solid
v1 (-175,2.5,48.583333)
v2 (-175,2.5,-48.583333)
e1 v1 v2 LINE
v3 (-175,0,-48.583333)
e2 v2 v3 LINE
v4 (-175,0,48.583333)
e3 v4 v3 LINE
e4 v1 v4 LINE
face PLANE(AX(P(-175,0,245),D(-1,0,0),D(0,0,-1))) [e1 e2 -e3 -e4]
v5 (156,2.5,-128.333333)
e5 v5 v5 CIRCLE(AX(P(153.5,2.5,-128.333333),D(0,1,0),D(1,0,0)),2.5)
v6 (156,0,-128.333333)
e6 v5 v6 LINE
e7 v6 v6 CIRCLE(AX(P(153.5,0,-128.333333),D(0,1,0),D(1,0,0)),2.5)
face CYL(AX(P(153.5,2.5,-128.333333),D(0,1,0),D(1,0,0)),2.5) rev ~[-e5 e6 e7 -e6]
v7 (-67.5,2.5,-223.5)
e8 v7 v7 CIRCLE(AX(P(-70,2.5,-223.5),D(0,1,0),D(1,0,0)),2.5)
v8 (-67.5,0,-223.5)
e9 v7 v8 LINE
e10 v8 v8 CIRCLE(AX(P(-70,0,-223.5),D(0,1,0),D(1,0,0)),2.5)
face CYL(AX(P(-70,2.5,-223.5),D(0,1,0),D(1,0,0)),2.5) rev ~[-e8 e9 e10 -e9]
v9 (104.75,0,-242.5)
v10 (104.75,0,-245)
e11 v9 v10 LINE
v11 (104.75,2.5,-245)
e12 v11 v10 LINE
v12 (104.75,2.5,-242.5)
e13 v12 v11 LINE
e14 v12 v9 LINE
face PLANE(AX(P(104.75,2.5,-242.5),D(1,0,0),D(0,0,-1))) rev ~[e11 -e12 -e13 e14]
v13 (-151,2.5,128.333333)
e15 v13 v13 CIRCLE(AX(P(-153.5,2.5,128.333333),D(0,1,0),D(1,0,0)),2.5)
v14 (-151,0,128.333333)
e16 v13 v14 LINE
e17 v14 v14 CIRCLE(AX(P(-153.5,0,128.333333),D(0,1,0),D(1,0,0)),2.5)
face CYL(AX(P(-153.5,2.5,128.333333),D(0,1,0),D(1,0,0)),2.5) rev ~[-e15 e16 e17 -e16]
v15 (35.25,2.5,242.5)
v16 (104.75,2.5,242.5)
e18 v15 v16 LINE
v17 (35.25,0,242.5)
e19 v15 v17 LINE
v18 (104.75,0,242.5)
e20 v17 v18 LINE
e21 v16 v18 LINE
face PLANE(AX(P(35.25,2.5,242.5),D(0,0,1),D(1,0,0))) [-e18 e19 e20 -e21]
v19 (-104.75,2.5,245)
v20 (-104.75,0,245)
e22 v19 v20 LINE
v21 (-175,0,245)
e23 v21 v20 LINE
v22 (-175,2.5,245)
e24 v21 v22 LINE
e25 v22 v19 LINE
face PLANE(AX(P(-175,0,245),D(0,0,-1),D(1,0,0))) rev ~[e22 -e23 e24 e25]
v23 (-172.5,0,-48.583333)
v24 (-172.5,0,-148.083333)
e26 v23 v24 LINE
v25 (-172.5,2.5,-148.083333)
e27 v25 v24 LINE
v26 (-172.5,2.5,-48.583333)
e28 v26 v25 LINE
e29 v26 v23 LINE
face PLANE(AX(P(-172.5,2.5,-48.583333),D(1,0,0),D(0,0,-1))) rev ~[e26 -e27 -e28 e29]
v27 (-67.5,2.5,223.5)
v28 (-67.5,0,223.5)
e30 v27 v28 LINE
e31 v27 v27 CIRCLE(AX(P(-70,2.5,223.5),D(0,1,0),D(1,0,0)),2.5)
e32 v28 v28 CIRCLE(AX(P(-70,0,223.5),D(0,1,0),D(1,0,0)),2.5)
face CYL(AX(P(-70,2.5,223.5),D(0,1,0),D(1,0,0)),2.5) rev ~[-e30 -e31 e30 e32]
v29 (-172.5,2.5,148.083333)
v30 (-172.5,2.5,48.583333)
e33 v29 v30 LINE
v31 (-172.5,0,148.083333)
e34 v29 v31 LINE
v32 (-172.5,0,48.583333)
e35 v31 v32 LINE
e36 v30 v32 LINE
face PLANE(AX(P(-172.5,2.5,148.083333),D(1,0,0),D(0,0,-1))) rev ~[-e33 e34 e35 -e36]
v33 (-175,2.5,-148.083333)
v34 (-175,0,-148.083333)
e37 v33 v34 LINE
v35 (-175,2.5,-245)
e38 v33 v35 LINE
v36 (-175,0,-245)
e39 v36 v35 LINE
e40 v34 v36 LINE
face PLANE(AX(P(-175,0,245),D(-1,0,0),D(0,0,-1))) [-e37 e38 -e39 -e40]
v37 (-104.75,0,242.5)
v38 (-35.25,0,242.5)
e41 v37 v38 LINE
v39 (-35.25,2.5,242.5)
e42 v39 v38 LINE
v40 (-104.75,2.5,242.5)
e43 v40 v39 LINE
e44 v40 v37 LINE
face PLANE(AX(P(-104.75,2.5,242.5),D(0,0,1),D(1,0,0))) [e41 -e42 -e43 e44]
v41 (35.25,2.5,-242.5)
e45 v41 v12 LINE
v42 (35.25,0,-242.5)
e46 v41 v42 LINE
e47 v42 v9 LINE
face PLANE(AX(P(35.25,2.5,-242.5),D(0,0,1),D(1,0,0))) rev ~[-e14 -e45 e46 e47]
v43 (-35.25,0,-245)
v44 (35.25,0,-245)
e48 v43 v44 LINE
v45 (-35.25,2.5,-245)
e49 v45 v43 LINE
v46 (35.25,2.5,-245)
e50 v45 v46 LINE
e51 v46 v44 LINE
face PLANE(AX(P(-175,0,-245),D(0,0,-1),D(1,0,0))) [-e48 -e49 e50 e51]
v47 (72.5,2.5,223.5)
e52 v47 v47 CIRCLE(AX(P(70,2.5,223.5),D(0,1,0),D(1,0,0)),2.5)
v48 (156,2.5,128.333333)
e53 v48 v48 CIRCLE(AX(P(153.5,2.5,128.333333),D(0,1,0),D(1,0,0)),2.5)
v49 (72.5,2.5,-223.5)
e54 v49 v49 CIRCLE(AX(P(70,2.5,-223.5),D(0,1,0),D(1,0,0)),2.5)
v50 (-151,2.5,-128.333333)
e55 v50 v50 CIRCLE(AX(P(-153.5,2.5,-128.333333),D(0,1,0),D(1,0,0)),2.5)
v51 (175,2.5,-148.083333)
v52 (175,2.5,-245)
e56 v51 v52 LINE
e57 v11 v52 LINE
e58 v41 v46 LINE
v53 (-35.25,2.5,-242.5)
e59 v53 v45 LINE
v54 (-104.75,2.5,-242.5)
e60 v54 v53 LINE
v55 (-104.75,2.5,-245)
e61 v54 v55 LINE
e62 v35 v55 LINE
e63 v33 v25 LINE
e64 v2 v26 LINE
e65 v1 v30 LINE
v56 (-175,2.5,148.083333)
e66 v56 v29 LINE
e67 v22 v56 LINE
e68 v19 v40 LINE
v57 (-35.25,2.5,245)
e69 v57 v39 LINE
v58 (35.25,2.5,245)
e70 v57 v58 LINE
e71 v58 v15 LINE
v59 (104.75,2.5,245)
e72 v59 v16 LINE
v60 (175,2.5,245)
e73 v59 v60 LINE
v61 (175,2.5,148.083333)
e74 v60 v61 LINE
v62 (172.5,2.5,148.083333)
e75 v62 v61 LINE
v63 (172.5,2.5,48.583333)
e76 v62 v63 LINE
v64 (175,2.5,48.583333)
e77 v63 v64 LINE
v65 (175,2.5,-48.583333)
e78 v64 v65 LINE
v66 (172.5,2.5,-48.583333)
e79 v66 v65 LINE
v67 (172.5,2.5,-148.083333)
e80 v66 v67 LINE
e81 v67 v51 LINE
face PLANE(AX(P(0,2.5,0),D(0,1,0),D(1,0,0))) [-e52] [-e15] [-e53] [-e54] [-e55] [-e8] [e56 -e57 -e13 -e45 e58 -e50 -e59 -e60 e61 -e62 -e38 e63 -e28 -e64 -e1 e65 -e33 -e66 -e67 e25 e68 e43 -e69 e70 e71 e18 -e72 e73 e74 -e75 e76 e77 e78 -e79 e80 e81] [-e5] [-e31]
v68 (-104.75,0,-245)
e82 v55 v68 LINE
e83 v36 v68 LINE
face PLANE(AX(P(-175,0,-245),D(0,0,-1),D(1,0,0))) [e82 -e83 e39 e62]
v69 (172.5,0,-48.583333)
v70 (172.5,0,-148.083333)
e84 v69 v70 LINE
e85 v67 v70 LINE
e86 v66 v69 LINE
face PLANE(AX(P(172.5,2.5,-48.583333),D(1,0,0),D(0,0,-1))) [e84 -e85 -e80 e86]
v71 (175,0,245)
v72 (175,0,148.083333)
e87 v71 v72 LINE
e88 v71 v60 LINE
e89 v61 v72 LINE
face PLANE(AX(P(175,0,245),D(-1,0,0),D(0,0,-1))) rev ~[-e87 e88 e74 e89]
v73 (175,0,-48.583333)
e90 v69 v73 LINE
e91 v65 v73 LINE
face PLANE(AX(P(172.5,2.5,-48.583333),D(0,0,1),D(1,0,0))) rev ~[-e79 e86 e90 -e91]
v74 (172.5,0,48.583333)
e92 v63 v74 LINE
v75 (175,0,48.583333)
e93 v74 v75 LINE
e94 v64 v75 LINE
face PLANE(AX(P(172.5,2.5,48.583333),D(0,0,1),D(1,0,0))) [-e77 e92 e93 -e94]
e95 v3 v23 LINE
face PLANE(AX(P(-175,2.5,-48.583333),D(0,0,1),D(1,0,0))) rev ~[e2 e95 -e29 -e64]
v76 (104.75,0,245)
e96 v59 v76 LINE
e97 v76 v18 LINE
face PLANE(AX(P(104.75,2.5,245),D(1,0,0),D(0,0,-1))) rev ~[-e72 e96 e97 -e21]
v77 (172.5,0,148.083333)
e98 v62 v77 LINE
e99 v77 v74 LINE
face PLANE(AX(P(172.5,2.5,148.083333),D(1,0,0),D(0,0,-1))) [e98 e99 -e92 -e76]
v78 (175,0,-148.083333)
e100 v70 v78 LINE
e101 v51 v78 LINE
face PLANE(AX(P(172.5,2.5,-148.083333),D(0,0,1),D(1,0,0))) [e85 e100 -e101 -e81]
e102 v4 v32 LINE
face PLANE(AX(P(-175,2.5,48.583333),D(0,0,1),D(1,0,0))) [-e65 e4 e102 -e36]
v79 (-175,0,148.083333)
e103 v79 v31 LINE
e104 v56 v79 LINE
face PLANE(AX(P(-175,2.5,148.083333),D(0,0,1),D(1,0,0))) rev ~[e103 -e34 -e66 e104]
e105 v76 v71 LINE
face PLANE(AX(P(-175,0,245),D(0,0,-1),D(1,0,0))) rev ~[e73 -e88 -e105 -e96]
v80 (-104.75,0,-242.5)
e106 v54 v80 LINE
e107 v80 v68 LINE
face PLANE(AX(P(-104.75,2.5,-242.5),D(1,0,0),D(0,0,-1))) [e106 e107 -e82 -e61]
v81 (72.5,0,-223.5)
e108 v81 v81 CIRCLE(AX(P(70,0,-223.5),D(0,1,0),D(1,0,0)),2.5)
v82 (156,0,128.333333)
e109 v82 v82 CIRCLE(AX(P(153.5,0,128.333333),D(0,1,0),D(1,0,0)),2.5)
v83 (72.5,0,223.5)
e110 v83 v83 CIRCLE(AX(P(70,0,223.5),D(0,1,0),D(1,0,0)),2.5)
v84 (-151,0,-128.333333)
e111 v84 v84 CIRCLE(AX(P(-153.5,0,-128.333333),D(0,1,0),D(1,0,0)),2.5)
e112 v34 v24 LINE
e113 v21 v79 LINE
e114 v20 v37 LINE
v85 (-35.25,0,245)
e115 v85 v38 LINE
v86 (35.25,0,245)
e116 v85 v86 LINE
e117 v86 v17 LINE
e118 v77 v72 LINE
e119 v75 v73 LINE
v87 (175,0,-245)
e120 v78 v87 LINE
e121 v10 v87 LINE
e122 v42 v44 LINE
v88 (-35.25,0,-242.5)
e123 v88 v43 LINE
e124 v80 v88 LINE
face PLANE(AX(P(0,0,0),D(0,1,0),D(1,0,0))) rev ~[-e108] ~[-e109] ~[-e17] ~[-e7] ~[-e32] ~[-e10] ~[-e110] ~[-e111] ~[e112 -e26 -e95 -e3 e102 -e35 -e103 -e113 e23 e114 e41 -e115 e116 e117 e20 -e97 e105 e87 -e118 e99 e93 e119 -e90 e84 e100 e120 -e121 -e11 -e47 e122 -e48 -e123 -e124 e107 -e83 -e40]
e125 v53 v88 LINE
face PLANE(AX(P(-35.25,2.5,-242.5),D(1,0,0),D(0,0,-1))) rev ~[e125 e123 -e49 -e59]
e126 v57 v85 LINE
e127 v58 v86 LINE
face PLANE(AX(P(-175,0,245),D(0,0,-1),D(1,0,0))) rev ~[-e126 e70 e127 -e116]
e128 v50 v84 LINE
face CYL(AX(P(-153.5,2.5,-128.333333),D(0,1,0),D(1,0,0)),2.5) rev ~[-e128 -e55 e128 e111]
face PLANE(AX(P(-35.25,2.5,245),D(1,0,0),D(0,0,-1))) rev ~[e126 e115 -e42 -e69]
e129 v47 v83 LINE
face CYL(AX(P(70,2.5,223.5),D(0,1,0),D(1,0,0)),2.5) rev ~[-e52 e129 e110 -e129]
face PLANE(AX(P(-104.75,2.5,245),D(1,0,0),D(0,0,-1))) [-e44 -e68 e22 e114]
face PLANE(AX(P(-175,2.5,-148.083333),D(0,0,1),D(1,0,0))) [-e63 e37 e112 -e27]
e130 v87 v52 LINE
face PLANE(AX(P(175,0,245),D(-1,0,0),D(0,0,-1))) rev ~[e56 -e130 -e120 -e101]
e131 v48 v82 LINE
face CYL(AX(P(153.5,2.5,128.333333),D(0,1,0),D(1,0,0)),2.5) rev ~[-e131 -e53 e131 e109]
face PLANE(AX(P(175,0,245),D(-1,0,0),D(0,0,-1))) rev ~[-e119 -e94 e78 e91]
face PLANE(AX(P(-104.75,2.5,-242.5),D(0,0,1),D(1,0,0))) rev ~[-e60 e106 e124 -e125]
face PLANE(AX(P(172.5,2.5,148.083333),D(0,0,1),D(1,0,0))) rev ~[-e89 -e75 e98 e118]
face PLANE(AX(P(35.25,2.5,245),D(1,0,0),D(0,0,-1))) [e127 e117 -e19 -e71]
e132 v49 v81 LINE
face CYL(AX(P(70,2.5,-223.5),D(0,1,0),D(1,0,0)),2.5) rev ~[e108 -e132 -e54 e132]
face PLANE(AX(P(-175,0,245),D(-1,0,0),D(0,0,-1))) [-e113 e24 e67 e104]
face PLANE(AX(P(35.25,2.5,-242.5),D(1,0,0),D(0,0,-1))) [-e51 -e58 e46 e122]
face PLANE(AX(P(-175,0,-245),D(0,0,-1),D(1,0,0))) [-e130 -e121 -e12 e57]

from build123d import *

# Parameters (mm, degrees)
SKETCH1_W           = 350
SKETCH1_H           = 490
BOSS_EXTRUDE1_DEPTH = 2.5
SKETCH2_R           = 2.5
SKETCH2_W           = 69.5
SKETCH2_H           = 2.5
SKETCH2_W_2         = 2.5
SKETCH2_H_2         = 99.5
CUT_EXTRUDE1_DEPTH  = 2.5


with BuildPart() as part:
    # Sketch1 → Boss-Extrude1 (new body)
    with BuildSketch(Plane(origin=(0, 0, 0), x_dir=(1, 0, 0), z_dir=(0, 1, 0))):
        Rectangle(SKETCH1_W, SKETCH1_H)
    extrude(amount=BOSS_EXTRUDE1_DEPTH)

    # Sketch2 → Cut-Extrude1 (cut)
    with BuildSketch(Plane(origin=(0, 2.5, 0), x_dir=(1, 0, 0), z_dir=(0, 1, 0))):
        with Locations((-70, 223.5)):
            Circle(SKETCH2_R)
        with Locations((70, 223.5)):
            Circle(SKETCH2_R)
        with Locations((70, -223.5)):
            Circle(SKETCH2_R)
        with Locations((-70, -223.5)):
            Circle(SKETCH2_R)
        with Locations((-153.5, 128.333333333)):
            Circle(SKETCH2_R)
        with Locations((-153.5, -128.333333333)):
            Circle(SKETCH2_R)
        with Locations((153.5, -128.333333333)):
            Circle(SKETCH2_R)
        with Locations((153.5, 128.333333333)):
            Circle(SKETCH2_R)
        with Locations((-70, 243.75)):
            Rectangle(SKETCH2_W, SKETCH2_H)
        with Locations((-173.75, 98.333333333)):
            Rectangle(SKETCH2_W_2, SKETCH2_H_2)
        with Locations((70, 243.75)):
            Rectangle(SKETCH2_W, SKETCH2_H)
        with Locations((-173.75, -98.333333333)):
            Rectangle(SKETCH2_W_2, SKETCH2_H_2)
        with Locations((173.75, -98.333333333)):
            Rectangle(SKETCH2_W_2, SKETCH2_H_2)
        with Locations((173.75, 98.333333333)):
            Rectangle(SKETCH2_W_2, SKETCH2_H_2)
        with Locations((70, -243.75)):
            Rectangle(SKETCH2_W, SKETCH2_H)
        with Locations((-70, -243.75)):
            Rectangle(SKETCH2_W, SKETCH2_H)
    extrude(amount=-CUT_EXTRUDE1_DEPTH, mode=Mode.SUBTRACT)


solid = part.part
